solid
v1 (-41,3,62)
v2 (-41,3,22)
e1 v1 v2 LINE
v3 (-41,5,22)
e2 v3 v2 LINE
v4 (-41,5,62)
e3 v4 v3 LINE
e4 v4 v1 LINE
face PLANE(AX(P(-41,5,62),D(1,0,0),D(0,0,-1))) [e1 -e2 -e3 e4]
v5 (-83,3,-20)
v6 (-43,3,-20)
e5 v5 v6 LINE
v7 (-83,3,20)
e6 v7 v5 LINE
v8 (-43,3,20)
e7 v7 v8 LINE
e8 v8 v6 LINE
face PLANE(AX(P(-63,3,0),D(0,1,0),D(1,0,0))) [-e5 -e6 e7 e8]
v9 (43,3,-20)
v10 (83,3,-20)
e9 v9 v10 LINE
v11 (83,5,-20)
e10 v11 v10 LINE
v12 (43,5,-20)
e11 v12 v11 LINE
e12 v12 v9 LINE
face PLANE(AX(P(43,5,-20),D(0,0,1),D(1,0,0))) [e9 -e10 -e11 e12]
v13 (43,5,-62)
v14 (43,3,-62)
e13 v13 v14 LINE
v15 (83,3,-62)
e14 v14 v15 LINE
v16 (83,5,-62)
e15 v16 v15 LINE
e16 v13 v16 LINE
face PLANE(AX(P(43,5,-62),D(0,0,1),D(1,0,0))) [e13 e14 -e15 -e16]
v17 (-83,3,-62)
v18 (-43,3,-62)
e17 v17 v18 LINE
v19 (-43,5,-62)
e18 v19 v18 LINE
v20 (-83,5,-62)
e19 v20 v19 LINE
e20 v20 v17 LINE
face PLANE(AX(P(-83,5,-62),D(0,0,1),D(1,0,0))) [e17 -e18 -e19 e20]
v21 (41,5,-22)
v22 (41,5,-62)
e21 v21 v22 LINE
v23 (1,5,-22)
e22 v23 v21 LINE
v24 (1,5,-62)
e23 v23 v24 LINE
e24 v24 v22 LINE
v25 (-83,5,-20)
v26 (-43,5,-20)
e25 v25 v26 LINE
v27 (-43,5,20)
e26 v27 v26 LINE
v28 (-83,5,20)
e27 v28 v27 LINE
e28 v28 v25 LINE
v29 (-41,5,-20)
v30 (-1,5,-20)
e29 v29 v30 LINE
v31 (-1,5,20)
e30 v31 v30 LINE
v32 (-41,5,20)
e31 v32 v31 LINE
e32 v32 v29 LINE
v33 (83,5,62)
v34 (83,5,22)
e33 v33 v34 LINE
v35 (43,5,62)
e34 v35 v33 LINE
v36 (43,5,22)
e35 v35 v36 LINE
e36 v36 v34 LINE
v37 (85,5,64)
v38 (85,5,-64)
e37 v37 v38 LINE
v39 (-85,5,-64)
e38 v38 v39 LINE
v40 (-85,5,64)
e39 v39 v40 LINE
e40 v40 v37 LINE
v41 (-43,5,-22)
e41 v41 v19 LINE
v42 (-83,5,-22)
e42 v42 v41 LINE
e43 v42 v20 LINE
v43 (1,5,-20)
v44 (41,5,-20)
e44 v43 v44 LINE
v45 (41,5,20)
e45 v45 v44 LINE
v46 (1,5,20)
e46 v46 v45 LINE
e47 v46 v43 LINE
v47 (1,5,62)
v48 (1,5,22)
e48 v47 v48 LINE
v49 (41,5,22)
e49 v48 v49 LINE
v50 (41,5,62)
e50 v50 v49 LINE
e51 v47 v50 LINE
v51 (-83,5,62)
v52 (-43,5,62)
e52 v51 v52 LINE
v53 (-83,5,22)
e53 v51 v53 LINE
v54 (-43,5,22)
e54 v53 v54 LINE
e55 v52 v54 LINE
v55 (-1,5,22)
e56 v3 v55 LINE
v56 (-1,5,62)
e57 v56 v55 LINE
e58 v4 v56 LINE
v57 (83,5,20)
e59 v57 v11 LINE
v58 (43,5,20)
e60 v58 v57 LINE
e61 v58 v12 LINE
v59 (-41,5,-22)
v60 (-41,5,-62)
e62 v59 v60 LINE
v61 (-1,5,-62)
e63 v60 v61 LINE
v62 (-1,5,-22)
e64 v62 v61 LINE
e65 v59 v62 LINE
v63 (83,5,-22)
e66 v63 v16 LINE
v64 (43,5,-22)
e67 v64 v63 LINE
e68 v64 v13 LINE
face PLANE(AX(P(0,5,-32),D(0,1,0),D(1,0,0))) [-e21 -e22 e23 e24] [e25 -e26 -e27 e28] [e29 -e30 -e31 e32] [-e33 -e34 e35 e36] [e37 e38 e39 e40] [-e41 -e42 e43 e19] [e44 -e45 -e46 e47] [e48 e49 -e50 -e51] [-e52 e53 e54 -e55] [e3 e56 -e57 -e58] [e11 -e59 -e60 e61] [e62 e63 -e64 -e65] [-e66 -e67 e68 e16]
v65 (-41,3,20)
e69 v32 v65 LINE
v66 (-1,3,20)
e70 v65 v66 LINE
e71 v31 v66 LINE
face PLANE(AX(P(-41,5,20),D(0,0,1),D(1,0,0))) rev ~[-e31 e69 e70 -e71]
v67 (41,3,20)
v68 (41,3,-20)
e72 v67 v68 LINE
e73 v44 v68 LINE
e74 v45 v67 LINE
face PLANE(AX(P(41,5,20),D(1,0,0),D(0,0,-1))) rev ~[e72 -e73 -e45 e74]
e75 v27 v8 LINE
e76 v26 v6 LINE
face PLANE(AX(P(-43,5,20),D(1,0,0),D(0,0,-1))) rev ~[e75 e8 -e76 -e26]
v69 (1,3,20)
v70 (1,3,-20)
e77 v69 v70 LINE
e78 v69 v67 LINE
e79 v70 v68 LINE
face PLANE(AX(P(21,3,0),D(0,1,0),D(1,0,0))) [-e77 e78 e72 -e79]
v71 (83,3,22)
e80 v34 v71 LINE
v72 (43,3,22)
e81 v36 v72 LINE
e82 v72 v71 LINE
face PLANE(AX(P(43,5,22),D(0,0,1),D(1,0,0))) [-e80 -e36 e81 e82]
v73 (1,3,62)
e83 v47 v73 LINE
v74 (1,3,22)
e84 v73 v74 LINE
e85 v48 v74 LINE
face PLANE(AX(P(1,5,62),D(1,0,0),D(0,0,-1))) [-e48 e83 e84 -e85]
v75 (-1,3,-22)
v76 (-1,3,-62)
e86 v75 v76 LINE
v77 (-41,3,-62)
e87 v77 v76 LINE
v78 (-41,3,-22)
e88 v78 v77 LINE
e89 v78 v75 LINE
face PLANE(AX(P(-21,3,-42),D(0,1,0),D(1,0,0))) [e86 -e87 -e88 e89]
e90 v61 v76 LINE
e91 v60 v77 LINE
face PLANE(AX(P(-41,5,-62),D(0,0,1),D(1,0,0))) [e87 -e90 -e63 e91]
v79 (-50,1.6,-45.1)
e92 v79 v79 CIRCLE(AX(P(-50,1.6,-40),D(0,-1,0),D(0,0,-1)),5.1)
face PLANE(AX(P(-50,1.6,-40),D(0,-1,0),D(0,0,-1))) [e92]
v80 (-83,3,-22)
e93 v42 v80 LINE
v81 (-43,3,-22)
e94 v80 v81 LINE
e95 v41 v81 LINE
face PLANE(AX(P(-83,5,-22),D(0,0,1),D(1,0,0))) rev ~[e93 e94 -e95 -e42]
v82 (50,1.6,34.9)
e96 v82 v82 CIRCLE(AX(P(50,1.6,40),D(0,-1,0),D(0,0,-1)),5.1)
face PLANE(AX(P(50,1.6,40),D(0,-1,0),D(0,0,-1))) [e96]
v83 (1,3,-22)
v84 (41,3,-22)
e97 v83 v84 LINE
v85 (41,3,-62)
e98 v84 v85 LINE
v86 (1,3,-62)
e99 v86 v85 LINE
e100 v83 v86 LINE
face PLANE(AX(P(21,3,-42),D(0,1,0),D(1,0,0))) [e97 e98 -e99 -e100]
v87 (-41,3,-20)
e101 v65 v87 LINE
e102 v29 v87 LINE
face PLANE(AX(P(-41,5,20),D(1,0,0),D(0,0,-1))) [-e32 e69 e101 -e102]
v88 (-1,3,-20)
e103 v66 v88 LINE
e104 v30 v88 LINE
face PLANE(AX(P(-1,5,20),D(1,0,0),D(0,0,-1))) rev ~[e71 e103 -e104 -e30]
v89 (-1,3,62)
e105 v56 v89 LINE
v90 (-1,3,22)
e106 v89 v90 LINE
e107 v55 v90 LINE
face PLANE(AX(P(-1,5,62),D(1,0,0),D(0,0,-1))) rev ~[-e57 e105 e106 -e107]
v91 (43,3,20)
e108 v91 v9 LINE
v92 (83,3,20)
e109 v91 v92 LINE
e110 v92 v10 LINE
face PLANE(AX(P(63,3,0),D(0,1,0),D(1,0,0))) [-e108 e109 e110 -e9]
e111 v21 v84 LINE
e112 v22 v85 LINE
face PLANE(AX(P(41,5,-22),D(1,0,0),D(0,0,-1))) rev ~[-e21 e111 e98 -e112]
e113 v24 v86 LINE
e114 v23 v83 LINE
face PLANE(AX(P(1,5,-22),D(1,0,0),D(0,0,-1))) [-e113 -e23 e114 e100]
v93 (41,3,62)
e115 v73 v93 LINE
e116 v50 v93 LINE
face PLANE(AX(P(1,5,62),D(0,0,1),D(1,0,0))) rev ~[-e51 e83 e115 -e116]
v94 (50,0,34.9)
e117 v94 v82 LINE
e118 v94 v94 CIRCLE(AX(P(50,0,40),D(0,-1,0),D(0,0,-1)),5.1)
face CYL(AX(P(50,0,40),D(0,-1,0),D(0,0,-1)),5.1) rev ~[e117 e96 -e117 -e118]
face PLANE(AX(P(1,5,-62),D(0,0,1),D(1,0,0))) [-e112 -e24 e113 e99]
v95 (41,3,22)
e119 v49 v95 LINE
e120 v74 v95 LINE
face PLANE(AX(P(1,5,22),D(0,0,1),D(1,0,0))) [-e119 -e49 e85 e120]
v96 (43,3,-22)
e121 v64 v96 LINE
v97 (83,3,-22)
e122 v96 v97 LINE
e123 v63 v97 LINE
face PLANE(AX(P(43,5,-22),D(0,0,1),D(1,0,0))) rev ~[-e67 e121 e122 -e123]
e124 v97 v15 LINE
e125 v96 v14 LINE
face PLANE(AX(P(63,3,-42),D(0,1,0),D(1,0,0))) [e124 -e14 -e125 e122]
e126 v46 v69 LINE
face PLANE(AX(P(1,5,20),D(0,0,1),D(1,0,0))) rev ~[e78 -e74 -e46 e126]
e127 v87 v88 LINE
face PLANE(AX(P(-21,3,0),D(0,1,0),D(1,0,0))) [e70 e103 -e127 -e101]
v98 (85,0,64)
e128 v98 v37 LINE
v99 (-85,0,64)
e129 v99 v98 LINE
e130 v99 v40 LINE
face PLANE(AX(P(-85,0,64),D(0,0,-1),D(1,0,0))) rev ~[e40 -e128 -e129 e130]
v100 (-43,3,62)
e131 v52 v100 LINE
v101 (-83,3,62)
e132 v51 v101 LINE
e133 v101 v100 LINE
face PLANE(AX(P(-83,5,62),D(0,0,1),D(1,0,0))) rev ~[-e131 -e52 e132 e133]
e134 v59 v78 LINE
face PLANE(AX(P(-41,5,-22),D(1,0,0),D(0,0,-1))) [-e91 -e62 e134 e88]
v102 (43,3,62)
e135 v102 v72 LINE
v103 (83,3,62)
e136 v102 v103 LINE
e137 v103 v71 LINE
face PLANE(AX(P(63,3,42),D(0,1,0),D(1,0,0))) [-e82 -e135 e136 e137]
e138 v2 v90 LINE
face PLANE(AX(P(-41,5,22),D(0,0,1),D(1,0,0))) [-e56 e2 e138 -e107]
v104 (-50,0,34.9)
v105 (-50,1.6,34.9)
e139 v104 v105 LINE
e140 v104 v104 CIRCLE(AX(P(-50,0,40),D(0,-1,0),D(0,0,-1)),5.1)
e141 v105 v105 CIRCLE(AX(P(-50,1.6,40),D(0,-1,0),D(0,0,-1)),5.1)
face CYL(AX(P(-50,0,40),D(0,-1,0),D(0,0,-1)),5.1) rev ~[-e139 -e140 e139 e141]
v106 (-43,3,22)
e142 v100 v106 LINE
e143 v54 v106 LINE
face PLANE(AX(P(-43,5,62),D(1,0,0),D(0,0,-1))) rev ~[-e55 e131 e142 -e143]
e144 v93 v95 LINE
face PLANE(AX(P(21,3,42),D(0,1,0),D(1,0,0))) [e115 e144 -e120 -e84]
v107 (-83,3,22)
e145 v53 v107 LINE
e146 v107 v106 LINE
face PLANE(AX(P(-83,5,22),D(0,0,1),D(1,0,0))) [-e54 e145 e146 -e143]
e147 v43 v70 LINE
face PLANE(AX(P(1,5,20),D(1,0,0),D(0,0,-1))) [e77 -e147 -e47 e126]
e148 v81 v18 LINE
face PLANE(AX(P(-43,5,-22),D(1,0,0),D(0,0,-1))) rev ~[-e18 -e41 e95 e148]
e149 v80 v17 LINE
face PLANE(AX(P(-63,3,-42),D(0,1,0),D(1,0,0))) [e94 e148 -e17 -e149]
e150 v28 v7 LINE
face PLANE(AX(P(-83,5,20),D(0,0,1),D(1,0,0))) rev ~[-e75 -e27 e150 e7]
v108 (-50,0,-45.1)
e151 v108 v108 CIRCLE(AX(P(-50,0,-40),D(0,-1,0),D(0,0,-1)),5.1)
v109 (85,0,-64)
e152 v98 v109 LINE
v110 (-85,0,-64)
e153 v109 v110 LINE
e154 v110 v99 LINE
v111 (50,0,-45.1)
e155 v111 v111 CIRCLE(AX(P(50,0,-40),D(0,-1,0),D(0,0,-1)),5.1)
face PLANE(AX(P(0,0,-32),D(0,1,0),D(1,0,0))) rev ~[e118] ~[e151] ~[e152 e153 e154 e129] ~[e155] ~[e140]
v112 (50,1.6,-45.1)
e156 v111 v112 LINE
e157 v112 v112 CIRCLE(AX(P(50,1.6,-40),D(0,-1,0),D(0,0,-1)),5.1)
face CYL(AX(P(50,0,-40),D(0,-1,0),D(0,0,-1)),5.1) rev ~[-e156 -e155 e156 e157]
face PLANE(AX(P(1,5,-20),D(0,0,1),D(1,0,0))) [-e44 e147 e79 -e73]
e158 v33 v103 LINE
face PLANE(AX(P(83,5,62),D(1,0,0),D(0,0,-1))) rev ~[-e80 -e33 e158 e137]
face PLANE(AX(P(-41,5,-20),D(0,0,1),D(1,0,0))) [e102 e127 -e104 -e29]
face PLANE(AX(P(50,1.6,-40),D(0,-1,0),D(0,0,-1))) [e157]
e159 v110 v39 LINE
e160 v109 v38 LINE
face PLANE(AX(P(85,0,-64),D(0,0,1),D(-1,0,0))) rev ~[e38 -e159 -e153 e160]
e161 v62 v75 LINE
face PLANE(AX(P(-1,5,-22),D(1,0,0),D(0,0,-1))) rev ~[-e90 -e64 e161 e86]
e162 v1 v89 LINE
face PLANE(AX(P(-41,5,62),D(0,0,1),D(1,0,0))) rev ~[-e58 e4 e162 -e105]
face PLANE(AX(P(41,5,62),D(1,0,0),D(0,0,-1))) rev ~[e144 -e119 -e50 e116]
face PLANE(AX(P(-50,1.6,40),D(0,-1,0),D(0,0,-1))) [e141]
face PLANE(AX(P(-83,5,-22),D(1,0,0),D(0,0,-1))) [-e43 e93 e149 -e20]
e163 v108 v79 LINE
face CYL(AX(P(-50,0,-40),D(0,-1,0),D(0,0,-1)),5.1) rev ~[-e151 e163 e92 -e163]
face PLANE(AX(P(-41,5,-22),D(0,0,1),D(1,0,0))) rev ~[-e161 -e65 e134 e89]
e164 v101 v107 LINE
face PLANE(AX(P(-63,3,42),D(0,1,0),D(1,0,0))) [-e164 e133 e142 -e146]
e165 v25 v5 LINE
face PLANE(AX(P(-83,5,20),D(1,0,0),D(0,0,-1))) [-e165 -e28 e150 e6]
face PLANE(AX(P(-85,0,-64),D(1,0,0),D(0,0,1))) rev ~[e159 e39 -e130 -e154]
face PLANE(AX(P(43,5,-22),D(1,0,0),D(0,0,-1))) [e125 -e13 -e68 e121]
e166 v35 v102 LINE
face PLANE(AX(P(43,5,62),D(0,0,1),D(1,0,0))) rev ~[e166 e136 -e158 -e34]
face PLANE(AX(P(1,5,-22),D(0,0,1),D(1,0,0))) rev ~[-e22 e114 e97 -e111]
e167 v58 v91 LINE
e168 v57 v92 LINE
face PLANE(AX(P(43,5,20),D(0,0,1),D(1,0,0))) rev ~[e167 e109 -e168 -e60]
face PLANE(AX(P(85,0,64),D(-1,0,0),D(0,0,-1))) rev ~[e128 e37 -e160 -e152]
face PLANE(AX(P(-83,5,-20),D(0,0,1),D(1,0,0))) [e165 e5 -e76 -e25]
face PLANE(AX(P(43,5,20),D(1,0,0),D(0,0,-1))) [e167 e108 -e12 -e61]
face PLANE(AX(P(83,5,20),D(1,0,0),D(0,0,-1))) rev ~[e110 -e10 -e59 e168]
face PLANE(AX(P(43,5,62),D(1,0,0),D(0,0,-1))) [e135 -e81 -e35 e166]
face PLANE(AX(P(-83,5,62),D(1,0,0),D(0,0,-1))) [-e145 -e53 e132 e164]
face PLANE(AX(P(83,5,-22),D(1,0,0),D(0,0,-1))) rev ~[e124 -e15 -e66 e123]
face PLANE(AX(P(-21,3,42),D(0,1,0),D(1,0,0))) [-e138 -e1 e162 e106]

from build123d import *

# Parameters (mm, degrees)
EXTRUDE_1_DEPTH     = 5
SKETCH_5_W          = 40
SKETCH_5_H          = 40
CUT_EXTRUDE_1_DEPTH = 2
SKETCH_7_R          = 2.5
CUT_EXTRUDE_2_DEPTH = 1.6
SKETCH_8_R          = 2.6
CUT_EXTRUDE_3_DEPTH = 1.6
SKETCH_9_R          = 5.1
CUT_EXTRUDE_4_DEPTH = 1.6


with BuildPart() as part:
    # 草图4 → 凸台-拉伸1 (new body)
    with BuildSketch(Plane(origin=(0, 0, 0), x_dir=(1, 0, 0), z_dir=(0, 1, 0))):
        Polygon((-85, 0), (0, 0), (85, 0), (85, 64), (-85, 64), align=None)
        Polygon((85, 0), (0, 0), (-85, 0), (-85, -64), (85, -64), align=None)
    extrude(amount=EXTRUDE_1_DEPTH)

    # 草图5 → 切除-拉伸1 (cut)
    with BuildSketch(Plane(origin=(0, 5, 0), x_dir=(1, 0, 0), z_dir=(0, 1, 0))):
        with Locations((-21, 42)):
            Rectangle(SKETCH_5_W, SKETCH_5_H)
        with Locations((-63, 42)):
            Rectangle(SKETCH_5_W, SKETCH_5_H)
        with Locations((21, 42)):
            Rectangle(SKETCH_5_W, SKETCH_5_H)
        with Locations((63, 42)):
            Rectangle(SKETCH_5_W, SKETCH_5_H)
        with Locations((-21, 0)):
            Rectangle(SKETCH_5_W, SKETCH_5_H)
        with Locations((21, 0)):
            Rectangle(SKETCH_5_W, SKETCH_5_H)
        with Locations((63, 0)):
            Rectangle(SKETCH_5_W, SKETCH_5_H)
        with Locations((-21, -42)):
            Rectangle(SKETCH_5_W, SKETCH_5_H)
        with Locations((21, -42)):
            Rectangle(SKETCH_5_W, SKETCH_5_H)
        with Locations((63, -42)):
            Rectangle(SKETCH_5_W, SKETCH_5_H)
        with Locations((-63, 0)):
            Rectangle(SKETCH_5_W, SKETCH_5_H)
        with Locations((-63, -42)):
            Rectangle(SKETCH_5_W, SKETCH_5_H)
    extrude(amount=-CUT_EXTRUDE_1_DEPTH, mode=Mode.SUBTRACT)

    # 草图7 → 切除-拉伸2 (cut)
    with BuildSketch(Plane.XZ):
        with Locations(Location((-50, 40, 0), (0, 0, 270))):
            Circle(SKETCH_7_R)
        with Locations(Location((50, 40, 0), (0, 0, 270))):
            Circle(SKETCH_7_R)
        with Locations(Location((50, -40, 0), (0, 0, 270))):
            Circle(SKETCH_7_R)
        with Locations(Location((-50, -40, 0), (0, 0, 270))):
            Circle(SKETCH_7_R)
    extrude(amount=-CUT_EXTRUDE_2_DEPTH, mode=Mode.SUBTRACT)

    # 草图8 → 切除-拉伸3 (cut)
    with BuildSketch(Plane.XZ):
        with Locations(Location((-50, 40, 0), (0, 0, 270))):
            Circle(SKETCH_8_R)
        with Locations(Location((50, 40, 0), (0, 0, 270))):
            Circle(SKETCH_8_R)
        with Locations(Location((50, -40, 0), (0, 0, 270))):
            Circle(SKETCH_8_R)
        with Locations(Location((-50, -40, 0), (0, 0, 270))):
            Circle(SKETCH_8_R)
    extrude(amount=-CUT_EXTRUDE_3_DEPTH, mode=Mode.SUBTRACT)

    # 草图9 → 切除-拉伸4 (cut)
    with BuildSketch(Plane.XZ):
        with Locations(Location((-50, 40, 0), (0, 0, 270))):
            Circle(SKETCH_9_R)
        with Locations(Location((50, 40, 0), (0, 0, 270))):
            Circle(SKETCH_9_R)
        with Locations(Location((50, -40, 0), (0, 0, 270))):
            Circle(SKETCH_9_R)
        with Locations(Location((-50, -40, 0), (0, 0, 270))):
            Circle(SKETCH_9_R)
    extrude(amount=-CUT_EXTRUDE_4_DEPTH, mode=Mode.SUBTRACT)


solid = part.part
